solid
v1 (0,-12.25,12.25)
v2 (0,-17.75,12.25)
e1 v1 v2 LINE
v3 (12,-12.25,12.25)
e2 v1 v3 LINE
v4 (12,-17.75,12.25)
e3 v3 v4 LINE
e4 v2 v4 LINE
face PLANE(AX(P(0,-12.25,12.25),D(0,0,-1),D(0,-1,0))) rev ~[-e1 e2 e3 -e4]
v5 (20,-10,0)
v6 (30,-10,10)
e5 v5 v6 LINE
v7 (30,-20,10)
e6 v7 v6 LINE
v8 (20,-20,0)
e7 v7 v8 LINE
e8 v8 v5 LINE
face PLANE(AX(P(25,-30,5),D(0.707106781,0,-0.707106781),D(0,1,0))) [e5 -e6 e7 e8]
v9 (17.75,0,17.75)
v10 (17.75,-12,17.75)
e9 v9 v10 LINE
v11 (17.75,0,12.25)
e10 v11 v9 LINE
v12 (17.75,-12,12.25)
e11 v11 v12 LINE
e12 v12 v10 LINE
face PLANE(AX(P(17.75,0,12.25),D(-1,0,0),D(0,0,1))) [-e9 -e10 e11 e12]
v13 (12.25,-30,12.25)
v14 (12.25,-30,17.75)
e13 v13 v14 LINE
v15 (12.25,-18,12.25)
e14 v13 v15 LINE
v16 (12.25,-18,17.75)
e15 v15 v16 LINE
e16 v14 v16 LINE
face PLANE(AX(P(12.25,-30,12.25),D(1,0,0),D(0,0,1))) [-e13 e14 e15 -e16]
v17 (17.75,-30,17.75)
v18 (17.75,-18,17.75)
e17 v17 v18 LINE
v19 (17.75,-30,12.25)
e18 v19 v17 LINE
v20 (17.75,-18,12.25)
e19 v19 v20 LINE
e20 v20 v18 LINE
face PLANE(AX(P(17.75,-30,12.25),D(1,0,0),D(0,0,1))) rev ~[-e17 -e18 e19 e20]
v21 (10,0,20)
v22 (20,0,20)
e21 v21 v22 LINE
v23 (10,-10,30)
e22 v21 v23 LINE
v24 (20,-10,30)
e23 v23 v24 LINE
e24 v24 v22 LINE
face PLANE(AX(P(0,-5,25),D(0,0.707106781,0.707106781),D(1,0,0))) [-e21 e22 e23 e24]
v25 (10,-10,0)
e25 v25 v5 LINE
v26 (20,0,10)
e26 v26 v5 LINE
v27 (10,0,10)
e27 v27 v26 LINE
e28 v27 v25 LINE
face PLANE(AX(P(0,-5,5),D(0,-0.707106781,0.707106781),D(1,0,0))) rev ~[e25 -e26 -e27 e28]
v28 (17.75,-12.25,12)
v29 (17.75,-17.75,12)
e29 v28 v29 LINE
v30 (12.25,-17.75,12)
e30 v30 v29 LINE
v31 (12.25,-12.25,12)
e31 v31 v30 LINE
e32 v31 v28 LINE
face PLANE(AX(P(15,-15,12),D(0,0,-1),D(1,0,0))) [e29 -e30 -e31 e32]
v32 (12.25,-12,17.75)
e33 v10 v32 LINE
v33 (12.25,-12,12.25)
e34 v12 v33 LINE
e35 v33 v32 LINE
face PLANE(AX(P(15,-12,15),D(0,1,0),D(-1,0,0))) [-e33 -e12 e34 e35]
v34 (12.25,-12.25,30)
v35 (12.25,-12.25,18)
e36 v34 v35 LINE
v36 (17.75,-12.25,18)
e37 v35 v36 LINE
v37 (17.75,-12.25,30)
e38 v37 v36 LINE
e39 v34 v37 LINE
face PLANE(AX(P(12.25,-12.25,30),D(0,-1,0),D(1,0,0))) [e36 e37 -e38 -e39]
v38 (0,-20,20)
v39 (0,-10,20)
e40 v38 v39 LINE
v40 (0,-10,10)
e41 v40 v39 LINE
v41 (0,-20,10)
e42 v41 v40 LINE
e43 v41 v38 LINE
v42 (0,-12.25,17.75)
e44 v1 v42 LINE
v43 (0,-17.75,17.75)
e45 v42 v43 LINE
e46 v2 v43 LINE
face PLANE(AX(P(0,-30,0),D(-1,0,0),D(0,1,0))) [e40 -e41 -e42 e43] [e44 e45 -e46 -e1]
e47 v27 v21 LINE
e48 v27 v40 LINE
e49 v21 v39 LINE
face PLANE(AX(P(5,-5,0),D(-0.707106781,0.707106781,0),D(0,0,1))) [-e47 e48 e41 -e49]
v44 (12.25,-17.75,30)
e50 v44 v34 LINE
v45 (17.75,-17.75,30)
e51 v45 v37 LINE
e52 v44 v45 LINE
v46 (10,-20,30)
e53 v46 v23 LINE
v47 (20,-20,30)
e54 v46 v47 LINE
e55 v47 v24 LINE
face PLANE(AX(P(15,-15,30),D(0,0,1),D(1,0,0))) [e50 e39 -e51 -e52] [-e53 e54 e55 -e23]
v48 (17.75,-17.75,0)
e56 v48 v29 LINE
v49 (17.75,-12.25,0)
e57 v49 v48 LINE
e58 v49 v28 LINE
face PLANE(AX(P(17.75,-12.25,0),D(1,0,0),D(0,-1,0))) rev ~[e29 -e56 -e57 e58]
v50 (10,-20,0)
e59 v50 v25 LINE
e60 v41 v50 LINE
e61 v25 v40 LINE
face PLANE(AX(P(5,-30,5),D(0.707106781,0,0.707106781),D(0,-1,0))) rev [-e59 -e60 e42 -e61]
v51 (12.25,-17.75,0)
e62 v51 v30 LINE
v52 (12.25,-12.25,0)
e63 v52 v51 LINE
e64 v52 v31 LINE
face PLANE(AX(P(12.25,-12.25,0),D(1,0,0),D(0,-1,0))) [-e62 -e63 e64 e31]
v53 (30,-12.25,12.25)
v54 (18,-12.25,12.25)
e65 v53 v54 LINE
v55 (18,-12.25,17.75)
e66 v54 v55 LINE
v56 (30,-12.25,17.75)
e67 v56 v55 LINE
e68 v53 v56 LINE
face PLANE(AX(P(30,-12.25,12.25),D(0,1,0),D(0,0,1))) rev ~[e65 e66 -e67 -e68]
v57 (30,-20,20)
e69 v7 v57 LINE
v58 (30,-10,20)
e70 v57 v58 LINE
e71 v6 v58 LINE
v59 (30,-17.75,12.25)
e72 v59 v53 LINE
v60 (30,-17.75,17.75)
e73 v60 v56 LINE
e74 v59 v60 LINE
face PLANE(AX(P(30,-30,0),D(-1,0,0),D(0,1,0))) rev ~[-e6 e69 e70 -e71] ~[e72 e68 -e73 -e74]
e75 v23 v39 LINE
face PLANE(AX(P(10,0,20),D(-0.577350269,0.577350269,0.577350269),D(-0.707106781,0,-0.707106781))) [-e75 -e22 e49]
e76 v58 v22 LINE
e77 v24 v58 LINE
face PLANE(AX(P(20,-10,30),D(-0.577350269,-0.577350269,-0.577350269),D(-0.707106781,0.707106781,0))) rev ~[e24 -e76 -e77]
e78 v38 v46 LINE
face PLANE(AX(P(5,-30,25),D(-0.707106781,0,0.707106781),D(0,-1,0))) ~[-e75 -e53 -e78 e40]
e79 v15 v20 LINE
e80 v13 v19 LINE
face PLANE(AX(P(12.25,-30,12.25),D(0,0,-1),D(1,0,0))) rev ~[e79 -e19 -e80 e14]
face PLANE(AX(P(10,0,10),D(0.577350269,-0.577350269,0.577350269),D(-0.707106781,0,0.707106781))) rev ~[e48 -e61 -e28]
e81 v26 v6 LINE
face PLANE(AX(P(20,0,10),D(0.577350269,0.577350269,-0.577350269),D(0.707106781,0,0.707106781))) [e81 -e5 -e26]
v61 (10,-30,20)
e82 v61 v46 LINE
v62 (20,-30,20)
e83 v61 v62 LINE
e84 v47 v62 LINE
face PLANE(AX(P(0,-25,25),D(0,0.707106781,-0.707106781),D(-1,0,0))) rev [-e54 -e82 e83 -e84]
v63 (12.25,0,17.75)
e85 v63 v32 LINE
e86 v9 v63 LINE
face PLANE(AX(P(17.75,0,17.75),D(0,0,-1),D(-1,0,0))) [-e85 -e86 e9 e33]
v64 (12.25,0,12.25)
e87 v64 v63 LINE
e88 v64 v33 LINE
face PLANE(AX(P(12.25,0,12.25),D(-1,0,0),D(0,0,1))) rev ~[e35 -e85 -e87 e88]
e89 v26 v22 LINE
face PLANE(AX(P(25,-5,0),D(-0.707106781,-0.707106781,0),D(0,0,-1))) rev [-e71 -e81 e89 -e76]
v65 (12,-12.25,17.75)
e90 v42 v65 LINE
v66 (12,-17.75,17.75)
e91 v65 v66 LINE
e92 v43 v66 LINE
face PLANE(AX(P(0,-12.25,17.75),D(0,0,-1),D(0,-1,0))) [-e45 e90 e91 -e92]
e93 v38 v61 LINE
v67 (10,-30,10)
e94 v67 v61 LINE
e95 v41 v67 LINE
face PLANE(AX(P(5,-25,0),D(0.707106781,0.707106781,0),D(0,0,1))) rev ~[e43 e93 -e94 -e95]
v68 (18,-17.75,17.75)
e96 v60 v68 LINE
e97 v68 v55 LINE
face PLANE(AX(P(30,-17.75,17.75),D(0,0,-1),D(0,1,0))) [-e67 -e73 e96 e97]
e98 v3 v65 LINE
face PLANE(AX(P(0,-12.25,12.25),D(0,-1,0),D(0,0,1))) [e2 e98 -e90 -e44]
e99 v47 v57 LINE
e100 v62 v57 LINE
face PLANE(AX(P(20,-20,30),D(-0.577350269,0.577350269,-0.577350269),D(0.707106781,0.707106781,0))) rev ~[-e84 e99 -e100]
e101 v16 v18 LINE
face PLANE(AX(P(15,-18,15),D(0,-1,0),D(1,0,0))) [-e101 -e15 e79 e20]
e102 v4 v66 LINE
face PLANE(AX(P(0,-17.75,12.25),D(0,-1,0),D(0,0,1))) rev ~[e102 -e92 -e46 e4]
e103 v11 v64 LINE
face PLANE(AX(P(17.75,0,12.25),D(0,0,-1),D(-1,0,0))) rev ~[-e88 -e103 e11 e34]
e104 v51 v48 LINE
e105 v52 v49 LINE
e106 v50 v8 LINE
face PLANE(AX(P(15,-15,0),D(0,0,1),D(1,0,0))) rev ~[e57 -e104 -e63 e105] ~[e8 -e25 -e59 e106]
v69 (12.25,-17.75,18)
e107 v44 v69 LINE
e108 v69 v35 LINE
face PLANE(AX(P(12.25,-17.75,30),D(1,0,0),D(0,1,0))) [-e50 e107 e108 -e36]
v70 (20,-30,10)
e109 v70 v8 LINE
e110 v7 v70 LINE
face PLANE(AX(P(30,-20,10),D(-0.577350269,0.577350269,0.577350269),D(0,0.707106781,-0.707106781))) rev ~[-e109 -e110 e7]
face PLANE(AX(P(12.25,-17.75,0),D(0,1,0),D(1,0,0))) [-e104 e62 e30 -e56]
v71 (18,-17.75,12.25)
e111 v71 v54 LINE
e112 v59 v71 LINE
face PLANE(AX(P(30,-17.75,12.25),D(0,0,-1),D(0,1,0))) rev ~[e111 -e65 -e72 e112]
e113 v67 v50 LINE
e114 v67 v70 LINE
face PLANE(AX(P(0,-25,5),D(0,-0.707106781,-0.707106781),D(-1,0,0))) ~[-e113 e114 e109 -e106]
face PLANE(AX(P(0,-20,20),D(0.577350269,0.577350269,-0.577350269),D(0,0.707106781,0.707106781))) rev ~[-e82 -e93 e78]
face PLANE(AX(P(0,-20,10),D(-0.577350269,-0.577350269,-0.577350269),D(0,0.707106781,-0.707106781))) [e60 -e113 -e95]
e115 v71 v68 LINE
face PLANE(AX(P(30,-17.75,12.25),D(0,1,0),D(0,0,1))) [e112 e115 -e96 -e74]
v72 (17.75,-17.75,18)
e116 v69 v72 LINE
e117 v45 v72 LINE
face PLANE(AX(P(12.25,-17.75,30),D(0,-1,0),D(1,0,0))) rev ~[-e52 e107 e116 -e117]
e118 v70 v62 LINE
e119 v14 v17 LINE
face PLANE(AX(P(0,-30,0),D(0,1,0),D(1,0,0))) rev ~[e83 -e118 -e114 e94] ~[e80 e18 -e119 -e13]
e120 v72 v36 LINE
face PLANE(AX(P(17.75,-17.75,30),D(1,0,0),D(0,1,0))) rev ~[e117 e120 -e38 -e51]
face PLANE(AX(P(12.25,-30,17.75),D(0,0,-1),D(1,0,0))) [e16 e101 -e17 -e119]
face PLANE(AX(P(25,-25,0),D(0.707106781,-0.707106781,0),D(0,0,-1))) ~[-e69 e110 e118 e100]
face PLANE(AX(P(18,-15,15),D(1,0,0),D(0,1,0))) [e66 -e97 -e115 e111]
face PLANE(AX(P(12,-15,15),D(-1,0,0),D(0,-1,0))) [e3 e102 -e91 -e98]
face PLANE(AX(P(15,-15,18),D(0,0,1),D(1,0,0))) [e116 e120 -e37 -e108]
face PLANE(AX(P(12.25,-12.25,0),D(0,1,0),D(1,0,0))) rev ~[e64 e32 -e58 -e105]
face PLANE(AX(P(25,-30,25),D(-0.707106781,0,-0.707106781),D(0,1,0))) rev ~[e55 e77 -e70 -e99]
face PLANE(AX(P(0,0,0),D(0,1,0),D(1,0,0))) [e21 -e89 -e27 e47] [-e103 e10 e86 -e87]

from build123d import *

# Parameters (mm, degrees)
F0_W      = 30
F0_H      = 30
F1_DEPTH  = 30
F2_W      = 5.5
F2_H      = 5.5
F3_DEPTH  = 12
F4_W      = 5.5
F4_H      = 5.5
F5_DEPTH  = 12
F6_W      = 5.5
F6_H      = 5.5
F7_DEPTH  = 12
F8_W      = 5.5
F8_H      = 5.5
F9_DEPTH  = 12
F10_W     = 5.5
F10_H     = 5.5
F11_DEPTH = 12
F12_W     = 5.5
F12_H     = 5.5
F13_DEPTH = 12
F14_SIZE  = 10


with BuildPart() as f1:
    # F0 (on Top) → F1 (new body)
    with BuildSketch(Plane.XY):
        with Locations((15, -15)):
            Rectangle(F0_W, F0_H)
    extrude(amount=F1_DEPTH)

    # F2 (on face) → F3 (cut)
    with BuildSketch(Plane(origin=(0, 0, 0), x_dir=(0, -1, 0), z_dir=(-1, 0, 0))):
        with Locations((15, 15)):
            Rectangle(F2_W, F2_H)
    extrude(amount=-F3_DEPTH, mode=Mode.SUBTRACT)

    # F4 (on face) → F5 (cut)
    with BuildSketch(Plane.YZ.offset(30)):
        with Locations((-15, 15)):
            Rectangle(F4_W, F4_H)
    extrude(amount=-F5_DEPTH, mode=Mode.SUBTRACT)

    # F6 (on face) → F7 (cut)
    with BuildSketch(Plane(origin=(0, 0, 0), x_dir=(-1, 0, 0), z_dir=(0, 1, 0))):
        with Locations((-15, 15)):
            Rectangle(F6_W, F6_H)
    extrude(amount=-F7_DEPTH, mode=Mode.SUBTRACT)

    # F8 (on face) → F9 (cut)
    with BuildSketch(Plane(origin=(0, 0, 0), x_dir=(1, 0, 0), z_dir=(0, 0, -1))):
        with Locations((15, 15)):
            Rectangle(F8_W, F8_H)
    extrude(amount=-F9_DEPTH, mode=Mode.SUBTRACT)

    # F10 (on face) → F11 (cut)
    with BuildSketch(Plane.XY.offset(30)):
        with Locations((15, -15)):
            Rectangle(F10_W, F10_H)
    extrude(amount=-F11_DEPTH, mode=Mode.SUBTRACT)

    # F12 (on face) → F13 (cut)
    with BuildSketch(Plane.XZ.offset(30)):
        with Locations((15, 15)):
            Rectangle(F12_W, F12_H)
    extrude(amount=-F13_DEPTH, mode=Mode.SUBTRACT)

    # F14
    f14_edges = [f1.edges().sort_by_distance(p)[0] for p in [
        (15, -30, 0),
        (30, -30, 15),
        (15, -30, 30),
        (0, -30, 15),
        (30, -15, 0),
        (0, -15, 0),
        (15, 0, 0),
        (30, 0, 15),
        (30, -15, 30),
        (0, -15, 30),
        (15, 0, 30),
        (0, 0, 15),
    ]]
    chamfer(f14_edges, length=F14_SIZE)


solid = f1.part
